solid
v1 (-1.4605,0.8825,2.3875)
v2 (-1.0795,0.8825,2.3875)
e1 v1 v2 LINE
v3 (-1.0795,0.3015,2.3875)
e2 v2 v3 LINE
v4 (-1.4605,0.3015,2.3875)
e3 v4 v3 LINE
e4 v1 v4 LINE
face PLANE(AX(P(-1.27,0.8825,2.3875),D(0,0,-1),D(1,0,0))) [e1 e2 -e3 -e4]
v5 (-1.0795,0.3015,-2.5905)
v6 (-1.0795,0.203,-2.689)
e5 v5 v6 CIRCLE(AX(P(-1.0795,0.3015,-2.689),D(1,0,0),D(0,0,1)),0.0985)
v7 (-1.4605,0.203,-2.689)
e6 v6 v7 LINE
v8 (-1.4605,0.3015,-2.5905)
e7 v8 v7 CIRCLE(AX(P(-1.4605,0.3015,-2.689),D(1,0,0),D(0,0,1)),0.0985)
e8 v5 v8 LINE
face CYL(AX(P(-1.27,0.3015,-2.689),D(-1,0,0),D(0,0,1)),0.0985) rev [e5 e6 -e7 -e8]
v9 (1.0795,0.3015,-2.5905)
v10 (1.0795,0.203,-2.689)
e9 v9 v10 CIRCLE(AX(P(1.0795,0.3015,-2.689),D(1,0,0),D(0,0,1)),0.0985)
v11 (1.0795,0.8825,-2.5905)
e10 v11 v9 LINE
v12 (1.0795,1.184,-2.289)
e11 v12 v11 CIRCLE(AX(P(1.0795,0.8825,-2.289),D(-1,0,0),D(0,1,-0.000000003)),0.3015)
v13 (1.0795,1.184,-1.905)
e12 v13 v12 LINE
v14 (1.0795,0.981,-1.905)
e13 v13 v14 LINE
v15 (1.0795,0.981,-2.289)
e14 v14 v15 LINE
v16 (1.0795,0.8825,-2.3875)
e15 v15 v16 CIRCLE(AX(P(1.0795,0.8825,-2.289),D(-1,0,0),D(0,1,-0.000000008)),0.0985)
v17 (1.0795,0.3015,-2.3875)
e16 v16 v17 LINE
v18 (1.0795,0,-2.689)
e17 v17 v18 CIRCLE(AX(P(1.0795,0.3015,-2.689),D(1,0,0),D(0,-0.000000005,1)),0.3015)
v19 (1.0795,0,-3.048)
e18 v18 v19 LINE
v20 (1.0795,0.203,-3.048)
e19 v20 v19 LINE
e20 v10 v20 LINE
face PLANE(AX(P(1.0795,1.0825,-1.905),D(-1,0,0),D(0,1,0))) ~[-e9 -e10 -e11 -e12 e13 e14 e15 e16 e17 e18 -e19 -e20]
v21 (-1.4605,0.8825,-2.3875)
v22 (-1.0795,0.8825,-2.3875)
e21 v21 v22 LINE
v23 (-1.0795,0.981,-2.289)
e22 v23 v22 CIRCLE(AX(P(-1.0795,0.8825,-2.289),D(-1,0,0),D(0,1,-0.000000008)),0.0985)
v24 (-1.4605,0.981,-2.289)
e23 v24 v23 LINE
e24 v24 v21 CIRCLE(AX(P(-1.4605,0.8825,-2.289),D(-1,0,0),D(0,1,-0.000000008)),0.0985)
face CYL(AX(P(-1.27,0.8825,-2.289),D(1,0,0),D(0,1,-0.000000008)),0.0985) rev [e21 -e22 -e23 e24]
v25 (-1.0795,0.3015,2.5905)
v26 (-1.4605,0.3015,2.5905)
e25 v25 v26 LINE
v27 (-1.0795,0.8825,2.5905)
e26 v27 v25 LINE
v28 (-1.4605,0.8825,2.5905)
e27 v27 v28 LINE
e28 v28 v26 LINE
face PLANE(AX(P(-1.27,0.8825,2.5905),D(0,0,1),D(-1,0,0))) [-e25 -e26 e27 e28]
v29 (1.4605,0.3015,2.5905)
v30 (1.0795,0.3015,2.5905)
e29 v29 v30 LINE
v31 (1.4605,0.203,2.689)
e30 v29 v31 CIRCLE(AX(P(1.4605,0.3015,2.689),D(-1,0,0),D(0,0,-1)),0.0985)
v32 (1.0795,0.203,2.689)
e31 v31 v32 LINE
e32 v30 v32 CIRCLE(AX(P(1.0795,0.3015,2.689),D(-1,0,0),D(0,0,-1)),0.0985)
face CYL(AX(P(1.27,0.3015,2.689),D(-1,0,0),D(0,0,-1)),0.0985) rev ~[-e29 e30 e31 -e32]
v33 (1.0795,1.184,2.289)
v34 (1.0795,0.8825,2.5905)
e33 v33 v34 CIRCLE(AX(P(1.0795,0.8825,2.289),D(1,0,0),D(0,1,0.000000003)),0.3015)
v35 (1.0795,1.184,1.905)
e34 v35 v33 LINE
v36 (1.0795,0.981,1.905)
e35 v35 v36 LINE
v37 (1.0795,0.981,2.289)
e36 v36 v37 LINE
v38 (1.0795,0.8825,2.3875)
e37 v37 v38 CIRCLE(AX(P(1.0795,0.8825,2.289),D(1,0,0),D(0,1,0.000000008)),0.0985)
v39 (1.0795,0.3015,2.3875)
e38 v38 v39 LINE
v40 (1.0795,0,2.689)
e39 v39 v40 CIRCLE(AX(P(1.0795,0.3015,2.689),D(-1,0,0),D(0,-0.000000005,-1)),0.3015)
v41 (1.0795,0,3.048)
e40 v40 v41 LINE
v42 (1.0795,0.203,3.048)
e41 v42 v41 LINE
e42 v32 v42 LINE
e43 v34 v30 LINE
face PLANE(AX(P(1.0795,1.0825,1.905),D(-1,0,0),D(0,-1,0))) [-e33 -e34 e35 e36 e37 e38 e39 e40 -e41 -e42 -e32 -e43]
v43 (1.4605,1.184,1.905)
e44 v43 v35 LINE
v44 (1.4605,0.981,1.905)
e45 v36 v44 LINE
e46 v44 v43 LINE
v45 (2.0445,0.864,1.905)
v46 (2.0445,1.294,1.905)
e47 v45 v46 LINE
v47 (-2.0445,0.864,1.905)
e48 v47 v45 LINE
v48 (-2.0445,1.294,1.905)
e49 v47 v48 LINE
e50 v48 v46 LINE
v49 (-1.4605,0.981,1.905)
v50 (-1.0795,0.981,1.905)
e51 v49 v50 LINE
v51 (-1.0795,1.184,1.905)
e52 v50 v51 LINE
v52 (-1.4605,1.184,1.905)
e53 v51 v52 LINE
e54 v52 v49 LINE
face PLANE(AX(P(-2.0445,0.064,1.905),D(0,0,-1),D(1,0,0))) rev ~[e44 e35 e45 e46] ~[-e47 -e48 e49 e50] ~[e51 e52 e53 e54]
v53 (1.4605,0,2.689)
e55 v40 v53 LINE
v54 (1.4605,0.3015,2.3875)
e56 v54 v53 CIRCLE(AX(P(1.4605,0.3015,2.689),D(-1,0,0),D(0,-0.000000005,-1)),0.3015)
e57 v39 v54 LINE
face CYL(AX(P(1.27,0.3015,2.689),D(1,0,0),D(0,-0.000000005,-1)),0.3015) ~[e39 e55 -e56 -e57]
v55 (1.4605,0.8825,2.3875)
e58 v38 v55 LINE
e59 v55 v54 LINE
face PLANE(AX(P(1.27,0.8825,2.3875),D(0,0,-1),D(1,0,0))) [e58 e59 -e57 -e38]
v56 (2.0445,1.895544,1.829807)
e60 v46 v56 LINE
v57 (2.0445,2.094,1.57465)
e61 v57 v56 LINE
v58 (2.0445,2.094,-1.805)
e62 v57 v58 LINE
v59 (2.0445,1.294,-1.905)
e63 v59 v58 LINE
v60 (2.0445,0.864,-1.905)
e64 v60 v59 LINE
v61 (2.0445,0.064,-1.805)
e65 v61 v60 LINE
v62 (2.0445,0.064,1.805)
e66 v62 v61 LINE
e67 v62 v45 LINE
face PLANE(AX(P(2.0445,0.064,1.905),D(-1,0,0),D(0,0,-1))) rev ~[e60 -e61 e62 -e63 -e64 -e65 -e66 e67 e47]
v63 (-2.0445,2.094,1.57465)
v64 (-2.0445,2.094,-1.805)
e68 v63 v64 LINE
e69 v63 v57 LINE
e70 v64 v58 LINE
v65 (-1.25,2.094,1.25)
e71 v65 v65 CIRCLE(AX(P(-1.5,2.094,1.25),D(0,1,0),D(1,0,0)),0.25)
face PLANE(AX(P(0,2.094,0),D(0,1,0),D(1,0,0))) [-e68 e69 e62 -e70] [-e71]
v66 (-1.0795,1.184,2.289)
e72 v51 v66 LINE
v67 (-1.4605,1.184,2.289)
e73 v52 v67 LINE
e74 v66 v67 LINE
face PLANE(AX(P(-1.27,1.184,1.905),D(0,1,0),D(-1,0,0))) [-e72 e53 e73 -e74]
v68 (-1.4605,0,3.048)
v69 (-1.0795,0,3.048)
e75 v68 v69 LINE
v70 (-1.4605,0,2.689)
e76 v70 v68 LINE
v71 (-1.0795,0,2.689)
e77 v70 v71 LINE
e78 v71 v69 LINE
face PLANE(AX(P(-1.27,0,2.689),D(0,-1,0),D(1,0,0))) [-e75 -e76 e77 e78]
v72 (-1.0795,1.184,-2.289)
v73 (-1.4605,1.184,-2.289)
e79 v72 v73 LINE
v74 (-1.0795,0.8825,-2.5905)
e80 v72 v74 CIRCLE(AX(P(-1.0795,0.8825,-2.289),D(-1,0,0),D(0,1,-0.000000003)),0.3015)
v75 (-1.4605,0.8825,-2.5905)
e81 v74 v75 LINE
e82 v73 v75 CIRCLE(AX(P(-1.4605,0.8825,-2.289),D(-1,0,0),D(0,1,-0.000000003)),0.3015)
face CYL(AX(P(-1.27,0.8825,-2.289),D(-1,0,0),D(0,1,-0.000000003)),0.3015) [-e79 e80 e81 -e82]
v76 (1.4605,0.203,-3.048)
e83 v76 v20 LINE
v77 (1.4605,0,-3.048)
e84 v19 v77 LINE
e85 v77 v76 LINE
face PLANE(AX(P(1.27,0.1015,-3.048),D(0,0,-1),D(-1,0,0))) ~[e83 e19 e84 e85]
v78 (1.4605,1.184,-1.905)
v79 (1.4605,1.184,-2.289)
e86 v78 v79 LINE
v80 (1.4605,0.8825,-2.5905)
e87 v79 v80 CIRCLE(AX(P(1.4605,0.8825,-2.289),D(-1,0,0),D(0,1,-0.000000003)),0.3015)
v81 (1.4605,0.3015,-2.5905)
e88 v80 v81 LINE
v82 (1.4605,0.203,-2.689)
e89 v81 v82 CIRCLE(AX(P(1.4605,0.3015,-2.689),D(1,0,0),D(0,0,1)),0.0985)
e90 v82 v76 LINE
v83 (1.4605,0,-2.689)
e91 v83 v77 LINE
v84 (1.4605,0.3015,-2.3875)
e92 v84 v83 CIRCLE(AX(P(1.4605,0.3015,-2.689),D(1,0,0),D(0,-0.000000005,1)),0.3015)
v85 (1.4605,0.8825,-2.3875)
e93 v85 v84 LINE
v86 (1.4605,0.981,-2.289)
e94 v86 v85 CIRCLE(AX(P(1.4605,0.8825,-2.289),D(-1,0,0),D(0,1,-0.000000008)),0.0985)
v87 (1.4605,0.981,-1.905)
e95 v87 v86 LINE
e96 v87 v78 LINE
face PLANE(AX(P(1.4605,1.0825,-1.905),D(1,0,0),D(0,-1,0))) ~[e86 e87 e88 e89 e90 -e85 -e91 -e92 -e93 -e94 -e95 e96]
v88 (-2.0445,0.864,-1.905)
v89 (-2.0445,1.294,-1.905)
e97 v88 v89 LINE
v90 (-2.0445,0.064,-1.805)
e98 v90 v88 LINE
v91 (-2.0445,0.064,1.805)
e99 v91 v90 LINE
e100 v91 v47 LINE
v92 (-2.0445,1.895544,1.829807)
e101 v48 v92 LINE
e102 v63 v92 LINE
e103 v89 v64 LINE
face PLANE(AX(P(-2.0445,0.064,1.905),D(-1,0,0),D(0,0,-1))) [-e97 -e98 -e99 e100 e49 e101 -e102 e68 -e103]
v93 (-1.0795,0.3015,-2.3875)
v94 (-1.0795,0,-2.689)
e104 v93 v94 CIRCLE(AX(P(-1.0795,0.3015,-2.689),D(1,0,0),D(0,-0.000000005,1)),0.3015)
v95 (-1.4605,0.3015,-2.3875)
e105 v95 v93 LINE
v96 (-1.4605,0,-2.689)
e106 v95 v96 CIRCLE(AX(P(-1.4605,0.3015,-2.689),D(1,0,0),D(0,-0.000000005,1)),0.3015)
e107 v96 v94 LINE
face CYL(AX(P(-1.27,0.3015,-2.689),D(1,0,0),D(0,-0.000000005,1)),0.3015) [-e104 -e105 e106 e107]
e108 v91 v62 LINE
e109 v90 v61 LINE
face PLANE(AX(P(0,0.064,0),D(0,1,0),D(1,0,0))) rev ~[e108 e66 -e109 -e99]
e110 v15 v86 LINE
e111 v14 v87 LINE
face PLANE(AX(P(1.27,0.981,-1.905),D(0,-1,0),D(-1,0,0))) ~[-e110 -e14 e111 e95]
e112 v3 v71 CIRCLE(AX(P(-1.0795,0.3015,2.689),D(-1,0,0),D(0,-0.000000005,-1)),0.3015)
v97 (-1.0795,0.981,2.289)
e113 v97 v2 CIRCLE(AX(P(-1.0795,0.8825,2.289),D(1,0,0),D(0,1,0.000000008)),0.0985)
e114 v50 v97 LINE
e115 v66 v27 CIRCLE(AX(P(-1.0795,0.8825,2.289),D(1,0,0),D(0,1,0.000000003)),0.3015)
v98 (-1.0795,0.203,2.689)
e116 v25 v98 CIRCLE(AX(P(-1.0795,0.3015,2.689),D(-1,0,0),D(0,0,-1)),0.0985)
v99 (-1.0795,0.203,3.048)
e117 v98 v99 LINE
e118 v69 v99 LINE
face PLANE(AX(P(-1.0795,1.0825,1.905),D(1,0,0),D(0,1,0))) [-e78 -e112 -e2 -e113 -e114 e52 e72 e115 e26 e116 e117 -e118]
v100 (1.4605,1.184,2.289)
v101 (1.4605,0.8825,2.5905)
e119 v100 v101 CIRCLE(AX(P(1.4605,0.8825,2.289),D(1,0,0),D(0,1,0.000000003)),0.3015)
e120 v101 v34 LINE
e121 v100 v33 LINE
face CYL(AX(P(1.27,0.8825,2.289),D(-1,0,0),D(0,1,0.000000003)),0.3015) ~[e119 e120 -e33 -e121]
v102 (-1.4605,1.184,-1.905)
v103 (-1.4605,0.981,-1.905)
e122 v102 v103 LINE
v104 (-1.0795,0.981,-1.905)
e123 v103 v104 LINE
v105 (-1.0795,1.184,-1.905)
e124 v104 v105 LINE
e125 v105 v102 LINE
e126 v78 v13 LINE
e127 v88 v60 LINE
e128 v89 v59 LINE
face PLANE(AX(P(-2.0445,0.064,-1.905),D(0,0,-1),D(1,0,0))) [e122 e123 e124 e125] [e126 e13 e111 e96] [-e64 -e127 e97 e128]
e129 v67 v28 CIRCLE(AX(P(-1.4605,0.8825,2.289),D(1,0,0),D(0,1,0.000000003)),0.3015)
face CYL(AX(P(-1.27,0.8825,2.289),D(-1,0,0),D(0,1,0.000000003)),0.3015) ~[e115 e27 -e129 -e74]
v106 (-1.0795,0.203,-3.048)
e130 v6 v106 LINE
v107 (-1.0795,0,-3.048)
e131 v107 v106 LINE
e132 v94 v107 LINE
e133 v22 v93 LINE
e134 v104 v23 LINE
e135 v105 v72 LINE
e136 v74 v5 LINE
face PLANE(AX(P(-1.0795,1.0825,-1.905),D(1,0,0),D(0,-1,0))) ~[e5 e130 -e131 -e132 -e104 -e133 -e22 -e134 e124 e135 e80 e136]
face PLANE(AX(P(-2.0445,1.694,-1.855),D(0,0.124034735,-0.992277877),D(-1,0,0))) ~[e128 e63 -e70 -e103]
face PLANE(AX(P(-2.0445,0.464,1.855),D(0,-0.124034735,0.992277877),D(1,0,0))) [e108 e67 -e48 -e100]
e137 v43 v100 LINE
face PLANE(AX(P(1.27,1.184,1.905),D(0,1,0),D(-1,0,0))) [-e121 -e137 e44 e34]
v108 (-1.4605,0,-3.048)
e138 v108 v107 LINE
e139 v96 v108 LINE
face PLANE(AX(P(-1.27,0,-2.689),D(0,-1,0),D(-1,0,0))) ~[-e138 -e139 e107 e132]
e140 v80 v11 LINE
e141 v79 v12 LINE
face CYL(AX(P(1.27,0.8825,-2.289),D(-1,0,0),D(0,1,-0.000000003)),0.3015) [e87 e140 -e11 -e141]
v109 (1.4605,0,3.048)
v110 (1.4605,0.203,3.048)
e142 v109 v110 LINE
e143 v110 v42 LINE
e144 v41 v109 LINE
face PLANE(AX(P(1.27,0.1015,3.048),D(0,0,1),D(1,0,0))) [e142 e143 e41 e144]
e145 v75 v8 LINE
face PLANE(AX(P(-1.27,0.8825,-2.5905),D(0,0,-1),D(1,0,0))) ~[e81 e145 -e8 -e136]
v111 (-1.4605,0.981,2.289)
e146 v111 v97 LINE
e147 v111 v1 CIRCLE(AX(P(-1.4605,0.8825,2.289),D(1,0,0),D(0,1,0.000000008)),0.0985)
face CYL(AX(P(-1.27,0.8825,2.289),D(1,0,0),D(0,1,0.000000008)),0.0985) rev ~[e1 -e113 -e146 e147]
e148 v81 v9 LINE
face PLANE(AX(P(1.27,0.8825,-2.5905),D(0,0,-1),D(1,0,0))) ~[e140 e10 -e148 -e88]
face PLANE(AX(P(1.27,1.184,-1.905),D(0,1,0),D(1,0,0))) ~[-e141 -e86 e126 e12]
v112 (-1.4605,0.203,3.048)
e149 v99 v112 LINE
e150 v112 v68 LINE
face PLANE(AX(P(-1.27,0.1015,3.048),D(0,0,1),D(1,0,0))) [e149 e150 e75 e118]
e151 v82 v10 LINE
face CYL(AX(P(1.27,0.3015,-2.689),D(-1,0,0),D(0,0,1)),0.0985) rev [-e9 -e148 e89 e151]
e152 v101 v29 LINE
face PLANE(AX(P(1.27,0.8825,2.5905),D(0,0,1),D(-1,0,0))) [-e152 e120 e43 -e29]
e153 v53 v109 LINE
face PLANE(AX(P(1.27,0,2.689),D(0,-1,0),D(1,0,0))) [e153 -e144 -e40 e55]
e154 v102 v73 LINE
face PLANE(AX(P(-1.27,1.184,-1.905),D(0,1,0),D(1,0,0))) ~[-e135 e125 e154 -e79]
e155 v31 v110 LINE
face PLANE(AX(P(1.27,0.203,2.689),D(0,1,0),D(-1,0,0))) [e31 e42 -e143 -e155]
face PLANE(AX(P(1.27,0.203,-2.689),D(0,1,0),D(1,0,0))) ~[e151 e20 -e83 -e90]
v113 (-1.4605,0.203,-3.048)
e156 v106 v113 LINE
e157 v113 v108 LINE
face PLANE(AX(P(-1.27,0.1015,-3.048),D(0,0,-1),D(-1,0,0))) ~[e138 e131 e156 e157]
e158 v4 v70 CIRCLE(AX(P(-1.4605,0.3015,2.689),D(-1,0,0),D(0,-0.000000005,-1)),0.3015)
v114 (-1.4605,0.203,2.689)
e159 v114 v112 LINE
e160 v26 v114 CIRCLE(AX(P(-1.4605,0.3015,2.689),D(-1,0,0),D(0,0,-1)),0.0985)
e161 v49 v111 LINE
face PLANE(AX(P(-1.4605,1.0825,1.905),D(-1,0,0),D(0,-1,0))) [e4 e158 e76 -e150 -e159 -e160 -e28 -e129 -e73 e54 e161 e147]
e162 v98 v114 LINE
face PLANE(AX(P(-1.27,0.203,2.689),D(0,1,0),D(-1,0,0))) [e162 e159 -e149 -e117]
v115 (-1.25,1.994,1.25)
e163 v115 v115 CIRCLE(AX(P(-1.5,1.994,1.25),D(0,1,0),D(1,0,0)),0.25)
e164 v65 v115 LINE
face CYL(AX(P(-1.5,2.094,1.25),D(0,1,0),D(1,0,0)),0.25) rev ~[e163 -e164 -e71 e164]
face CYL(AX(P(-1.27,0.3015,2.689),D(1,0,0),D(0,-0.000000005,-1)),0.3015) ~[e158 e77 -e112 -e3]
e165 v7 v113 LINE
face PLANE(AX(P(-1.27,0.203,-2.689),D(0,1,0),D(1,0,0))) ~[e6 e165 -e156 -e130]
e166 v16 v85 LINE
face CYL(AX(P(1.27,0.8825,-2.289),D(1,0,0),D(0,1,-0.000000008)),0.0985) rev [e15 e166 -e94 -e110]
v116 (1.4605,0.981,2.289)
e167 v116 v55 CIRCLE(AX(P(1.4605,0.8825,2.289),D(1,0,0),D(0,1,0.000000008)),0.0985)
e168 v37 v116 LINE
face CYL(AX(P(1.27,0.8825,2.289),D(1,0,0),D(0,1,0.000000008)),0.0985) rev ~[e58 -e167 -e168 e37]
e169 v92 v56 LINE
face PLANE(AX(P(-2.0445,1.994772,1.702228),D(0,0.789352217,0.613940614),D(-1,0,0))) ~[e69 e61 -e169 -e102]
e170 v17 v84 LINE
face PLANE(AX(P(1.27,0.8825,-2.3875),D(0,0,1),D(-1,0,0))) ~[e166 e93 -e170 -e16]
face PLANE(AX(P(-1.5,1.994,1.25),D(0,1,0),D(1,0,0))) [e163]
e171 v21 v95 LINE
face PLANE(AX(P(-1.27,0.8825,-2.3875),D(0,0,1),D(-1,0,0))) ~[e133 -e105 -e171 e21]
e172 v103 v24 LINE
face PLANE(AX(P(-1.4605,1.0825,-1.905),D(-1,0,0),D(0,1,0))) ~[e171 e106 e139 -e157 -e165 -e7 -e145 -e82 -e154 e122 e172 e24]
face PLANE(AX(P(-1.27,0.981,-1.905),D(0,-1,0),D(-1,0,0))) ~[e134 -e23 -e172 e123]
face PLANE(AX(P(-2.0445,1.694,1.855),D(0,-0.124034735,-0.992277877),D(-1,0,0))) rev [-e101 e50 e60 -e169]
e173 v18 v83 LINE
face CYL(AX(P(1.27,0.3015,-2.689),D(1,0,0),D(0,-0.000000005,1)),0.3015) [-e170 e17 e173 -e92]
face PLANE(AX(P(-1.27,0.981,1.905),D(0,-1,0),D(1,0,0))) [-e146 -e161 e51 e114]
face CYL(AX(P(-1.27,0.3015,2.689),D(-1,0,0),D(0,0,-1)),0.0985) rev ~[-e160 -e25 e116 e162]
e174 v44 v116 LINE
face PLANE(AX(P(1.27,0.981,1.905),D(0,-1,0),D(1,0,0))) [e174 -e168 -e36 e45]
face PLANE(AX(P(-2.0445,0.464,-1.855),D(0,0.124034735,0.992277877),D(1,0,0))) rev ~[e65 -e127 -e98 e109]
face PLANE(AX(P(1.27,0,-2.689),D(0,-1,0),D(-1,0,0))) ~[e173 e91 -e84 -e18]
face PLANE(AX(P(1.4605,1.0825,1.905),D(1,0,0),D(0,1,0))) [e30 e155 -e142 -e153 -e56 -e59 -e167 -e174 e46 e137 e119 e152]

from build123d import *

# Parameters (mm, degrees)
SKETCH_1_W             = 4.089
SKETCH_1_H             = 3.81
EXTRUDE_1_DEPTH        = 2.03
CHAMFER_1_SIZE         = 0.8
CHAMFER_1_SIZE2        = 0.1
CHAMFER_1_PART_2_SIZE  = 0.8
CHAMFER_1_PART_2_SIZE2 = 0.1
CHAMFER_2_SIZE         = 0.1
CHAMFER_2_SIZE2        = 0.8
CHAMFER_3_SIZE2        = 0.2
CHAMFER_3_SIZE         = 0.230350221
SKETCH_2_R             = 0.25
CUT_EXTRUDE_1_DEPTH    = 0.1
SKETCH_3_W             = 0.381
SKETCH_3_H             = 0.203


with BuildPart() as part:
    # Эскиз1 → Бобышка-Вытянуть1 (new body)
    with BuildSketch(Plane(origin=(0, 0.064, 0), x_dir=(1, 0, 0), z_dir=(0, 1, 0))):
        Rectangle(SKETCH_1_W, SKETCH_1_H)
    extrude(amount=EXTRUDE_1_DEPTH)

    # Фаска1
    chamfer_1_edges = [part.edges().sort_by_distance(p)[0] for p in [
        (0, 2.094, 1.905),
    ]]
    chamfer_1_side = [part.faces().sort_by_distance(p)[0] for p in [
        (0, 1.079, 1.905),
    ]]
    chamfer(chamfer_1_edges, length=CHAMFER_1_SIZE, length2=CHAMFER_1_SIZE2, reference=chamfer_1_side[0])

    # Фаска1 part 2
    chamfer_1_part_2_edges = [part.edges().sort_by_distance(p)[0] for p in [
        (0, 2.094, -1.905),
    ]]
    chamfer_1_part_2_side = [part.faces().sort_by_distance(p)[0] for p in [
        (0, 1.079, -1.905),
    ]]
    chamfer(chamfer_1_part_2_edges, length=CHAMFER_1_PART_2_SIZE, length2=CHAMFER_1_PART_2_SIZE2, reference=chamfer_1_part_2_side[0])

    # Фаска2
    chamfer_2_edges = [part.edges().sort_by_distance(p)[0] for p in [
        (0, 0.064, 1.905),
        (0, 0.064, -1.905),
    ]]
    chamfer_2_side = [part.faces().sort_by_distance(p)[0] for p in [
        (0, 0.064, 0),
    ]]
    chamfer(chamfer_2_edges, length=CHAMFER_2_SIZE, length2=CHAMFER_2_SIZE2, reference=chamfer_2_side[0])

    # Фаска3
    chamfer_3_edges = [part.edges().sort_by_distance(p)[0] for p in [
        (0, 2.094, 1.805),
    ]]
    chamfer(chamfer_3_edges, length=CHAMFER_3_SIZE, length2=CHAMFER_3_SIZE2)

    # Эскиз2 → Вырез-Вытянуть1 (cut)
    with BuildSketch(Plane(origin=(0, 2.094, 0), x_dir=(1, 0, 0), z_dir=(0, 1, 0))):
        with Locations((-1.5, -1.25)):
            Circle(SKETCH_2_R)
    extrude(amount=-CUT_EXTRUDE_1_DEPTH, mode=Mode.SUBTRACT)

    # По траектории1: sweep along a path in Эскиз5
    with BuildLine(Plane(origin=(0, 0, 0), x_dir=(0, 0, -1), z_dir=(1, 0, 0))) as sweep_1_path:
        Line((-1.905, 1.0825), (-2.289, 1.0825))
        ThreePointArc((-2.289, 1.0825), (-2.430421356, 1.023921356), (-2.489, 0.8825))
        Line((-2.489, 0.8825), (-2.489, 0.3015))
        ThreePointArc((-2.489, 0.3015), (-2.547578644, 0.160078644), (-2.689, 0.1015))
        Line((-2.689, 0.1015), (-3.048, 0.1015))
    # Эскиз3 → По траектории1 (sweep)
    with BuildSketch(Plane.XY.offset(1.905)):
        with Locations((-1.27, 1.0825)):
            Rectangle(SKETCH_3_W, SKETCH_3_H)
        with Locations((1.27, 1.0825)):
            Rectangle(SKETCH_3_W, SKETCH_3_H)
    sweep_1 = sweep(path=sweep_1_path.line)

    # Зеркальное отражение1: По траектории1 across plane
    add(sweep_1.mirror(Plane.XY))


solid = part.part
